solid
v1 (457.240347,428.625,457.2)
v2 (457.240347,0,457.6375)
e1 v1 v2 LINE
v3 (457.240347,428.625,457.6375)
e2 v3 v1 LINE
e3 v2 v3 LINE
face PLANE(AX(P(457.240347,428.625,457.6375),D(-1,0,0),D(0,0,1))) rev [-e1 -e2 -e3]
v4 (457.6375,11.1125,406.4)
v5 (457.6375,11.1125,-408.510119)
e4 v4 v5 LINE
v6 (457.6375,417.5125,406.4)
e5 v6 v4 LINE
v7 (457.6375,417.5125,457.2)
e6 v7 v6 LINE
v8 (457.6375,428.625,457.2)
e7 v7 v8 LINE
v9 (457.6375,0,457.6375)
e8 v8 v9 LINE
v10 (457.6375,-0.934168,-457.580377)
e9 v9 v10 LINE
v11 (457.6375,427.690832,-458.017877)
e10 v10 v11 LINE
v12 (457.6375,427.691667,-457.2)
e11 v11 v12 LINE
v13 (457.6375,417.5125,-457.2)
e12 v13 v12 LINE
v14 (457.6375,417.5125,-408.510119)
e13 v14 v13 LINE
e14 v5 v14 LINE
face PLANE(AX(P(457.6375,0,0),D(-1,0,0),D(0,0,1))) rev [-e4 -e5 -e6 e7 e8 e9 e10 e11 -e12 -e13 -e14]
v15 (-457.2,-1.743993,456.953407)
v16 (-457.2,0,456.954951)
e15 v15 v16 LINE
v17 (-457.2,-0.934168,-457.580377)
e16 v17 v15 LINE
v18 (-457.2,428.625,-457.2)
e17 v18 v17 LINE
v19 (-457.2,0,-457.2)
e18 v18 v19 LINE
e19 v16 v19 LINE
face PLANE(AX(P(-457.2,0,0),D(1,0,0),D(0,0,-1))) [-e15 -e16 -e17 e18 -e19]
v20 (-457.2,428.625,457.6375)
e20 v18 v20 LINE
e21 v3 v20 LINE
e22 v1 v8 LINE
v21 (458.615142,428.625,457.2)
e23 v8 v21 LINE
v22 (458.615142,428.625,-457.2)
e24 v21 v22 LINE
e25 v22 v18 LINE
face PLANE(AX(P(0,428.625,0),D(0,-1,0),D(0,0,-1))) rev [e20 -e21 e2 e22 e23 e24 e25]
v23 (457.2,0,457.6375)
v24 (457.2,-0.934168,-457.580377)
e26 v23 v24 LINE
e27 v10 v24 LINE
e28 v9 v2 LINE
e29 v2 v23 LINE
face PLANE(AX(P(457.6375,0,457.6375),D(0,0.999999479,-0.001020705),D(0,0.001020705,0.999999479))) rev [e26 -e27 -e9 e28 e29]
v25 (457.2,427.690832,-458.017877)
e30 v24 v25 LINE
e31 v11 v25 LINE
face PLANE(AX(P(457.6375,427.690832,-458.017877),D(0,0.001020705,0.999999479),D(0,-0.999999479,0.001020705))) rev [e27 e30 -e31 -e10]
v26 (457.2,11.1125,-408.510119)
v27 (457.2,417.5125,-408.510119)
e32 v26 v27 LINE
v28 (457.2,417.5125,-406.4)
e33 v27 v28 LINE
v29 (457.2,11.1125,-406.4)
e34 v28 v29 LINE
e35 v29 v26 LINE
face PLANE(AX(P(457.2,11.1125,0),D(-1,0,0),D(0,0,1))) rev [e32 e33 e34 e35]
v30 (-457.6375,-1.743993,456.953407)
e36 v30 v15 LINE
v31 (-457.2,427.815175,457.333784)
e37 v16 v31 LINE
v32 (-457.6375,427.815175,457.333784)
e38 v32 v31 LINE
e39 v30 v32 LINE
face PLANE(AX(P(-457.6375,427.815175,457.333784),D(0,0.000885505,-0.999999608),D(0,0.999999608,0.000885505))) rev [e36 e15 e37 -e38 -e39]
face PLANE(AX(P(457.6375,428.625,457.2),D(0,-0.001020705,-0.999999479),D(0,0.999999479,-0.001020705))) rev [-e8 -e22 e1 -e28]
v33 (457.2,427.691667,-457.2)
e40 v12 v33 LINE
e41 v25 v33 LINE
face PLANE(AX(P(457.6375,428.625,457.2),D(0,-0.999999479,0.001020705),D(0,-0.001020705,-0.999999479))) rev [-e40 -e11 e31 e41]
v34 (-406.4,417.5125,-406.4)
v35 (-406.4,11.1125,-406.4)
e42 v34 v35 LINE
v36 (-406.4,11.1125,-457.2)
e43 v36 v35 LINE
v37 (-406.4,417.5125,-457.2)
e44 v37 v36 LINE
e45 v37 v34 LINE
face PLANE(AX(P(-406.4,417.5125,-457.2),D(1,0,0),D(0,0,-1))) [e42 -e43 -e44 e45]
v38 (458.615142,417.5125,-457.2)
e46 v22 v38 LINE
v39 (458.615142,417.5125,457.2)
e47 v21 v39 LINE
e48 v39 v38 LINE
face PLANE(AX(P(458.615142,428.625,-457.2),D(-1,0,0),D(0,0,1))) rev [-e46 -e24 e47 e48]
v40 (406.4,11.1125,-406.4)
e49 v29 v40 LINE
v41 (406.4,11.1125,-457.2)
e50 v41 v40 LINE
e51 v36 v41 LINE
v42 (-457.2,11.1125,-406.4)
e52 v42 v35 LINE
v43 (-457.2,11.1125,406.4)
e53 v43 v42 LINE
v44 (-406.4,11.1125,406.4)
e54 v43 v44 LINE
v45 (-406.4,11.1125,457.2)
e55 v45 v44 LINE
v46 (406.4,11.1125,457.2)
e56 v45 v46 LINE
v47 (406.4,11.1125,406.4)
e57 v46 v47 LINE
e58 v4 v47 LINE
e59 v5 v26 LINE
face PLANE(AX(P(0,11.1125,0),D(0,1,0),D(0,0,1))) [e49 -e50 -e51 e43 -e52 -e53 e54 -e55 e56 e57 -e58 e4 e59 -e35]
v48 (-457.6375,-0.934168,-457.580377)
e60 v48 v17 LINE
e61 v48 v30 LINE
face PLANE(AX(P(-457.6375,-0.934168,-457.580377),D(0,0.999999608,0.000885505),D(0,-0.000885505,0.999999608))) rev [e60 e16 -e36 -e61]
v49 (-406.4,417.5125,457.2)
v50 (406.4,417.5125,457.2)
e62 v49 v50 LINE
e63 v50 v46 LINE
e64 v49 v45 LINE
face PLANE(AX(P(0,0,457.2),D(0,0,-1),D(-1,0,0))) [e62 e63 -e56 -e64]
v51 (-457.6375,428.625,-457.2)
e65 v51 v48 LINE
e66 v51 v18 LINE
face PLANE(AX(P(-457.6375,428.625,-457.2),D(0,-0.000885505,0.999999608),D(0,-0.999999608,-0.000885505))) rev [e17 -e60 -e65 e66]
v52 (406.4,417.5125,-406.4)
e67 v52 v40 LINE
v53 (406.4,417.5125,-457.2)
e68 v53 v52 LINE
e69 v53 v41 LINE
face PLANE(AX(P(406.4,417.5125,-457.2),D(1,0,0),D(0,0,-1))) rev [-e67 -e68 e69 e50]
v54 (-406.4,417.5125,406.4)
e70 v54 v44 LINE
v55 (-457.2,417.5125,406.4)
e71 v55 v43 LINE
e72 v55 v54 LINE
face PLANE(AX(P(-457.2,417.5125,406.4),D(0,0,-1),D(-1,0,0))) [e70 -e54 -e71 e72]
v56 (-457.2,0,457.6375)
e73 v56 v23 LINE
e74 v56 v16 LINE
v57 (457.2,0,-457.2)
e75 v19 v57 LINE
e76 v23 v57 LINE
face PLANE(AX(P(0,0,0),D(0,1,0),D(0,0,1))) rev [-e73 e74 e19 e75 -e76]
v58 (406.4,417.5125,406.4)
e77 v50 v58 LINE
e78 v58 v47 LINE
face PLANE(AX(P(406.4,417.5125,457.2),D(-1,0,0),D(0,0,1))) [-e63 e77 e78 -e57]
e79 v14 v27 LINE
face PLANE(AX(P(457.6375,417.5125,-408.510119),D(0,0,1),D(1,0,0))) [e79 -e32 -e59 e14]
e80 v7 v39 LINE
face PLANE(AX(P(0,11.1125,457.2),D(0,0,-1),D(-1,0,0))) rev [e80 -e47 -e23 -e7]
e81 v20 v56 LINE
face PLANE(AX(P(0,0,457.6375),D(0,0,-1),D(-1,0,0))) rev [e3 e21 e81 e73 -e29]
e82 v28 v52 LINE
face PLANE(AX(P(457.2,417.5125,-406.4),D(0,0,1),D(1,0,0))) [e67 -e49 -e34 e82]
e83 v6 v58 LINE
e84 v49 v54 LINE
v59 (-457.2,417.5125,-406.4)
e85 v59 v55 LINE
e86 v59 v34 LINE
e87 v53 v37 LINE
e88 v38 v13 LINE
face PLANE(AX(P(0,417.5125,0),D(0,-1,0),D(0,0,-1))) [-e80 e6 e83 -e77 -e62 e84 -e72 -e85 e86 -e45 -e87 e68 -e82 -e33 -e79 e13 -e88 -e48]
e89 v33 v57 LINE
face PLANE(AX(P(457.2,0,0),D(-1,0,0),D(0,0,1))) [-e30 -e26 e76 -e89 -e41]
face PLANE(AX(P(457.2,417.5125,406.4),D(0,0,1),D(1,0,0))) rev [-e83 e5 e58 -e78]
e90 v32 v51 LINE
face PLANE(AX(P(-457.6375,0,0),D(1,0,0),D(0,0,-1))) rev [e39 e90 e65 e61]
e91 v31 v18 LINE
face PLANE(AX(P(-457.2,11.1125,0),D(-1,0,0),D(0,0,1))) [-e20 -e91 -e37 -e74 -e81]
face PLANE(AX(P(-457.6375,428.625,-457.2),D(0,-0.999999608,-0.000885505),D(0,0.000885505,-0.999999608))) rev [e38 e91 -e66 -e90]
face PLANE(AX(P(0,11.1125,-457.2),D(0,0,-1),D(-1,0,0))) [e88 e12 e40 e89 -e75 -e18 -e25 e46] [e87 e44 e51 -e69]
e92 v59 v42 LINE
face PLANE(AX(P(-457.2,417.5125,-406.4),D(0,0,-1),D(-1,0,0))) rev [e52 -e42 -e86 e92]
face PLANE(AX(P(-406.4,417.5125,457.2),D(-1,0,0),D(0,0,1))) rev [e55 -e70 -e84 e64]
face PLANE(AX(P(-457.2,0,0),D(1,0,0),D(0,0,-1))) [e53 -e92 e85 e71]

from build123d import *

# Parameters (mm, degrees)
BOSS_EXTRUDE1_DEPTH  = 11.1125
SKETCH1_5_W          = 50.8
SKETCH1_5_H          = 50.8
BOSS_EXTRUDE3_DEPTH  = 417.5125
SKETCH1_6_W          = 50.8
SKETCH1_6_H          = 50.8
BOSS_EXTRUDE4_DEPTH  = 417.5125
SKETCH1_7_W          = 50.8
SKETCH1_7_H          = 50.8
BOSS_EXTRUDE5_DEPTH  = 417.5125
SKETCH1_8_W          = 50.8
SKETCH1_8_H          = 50.8
BOSS_EXTRUDE6_DEPTH  = 417.5125
SKETCH2_W            = 915.815141898
SKETCH2_H            = 914.4
BOSS_EXTRUDE8_DEPTH  = 11.1125
SKETCH3_W            = 914.440346881
SKETCH3_H            = 428.625
BOSS_EXTRUDE9_DEPTH  = 0.4375
SKETCH4_W            = 814.910119316
SKETCH4_H            = 406.4
BOSS_EXTRUDE13_DEPTH = 0.4375
BOSS_EXTRUDE21_DEPTH = 0.4375


with BuildPart() as part:
    # Sketch1 → Boss-Extrude1 (new body)
    with BuildSketch(Plane(origin=(0, 0, 0), x_dir=(1, 0, 0), z_dir=(0, 1, 0))):
        Polygon((-406.4, 406.4), (-457.2, 406.4), (-457.2, -406.4), (-406.4, -406.4), (-406.4, -457.2), (406.4, -457.2), (406.4, -406.4), (457.2, -406.4), (457.2, 406.4), (406.4, 406.4), (406.4, 457.2), (-406.4, 457.2), align=None)
    extrude(amount=BOSS_EXTRUDE1_DEPTH)

    # Sketch1<5> → Boss-Extrude3 (add)
    with BuildSketch(Plane(origin=(0, 0, 0), x_dir=(1, 0, 0), z_dir=(0, 1, 0))):
        with Locations((431.8, -431.8)):
            Rectangle(SKETCH1_5_W, SKETCH1_5_H)
    extrude(amount=BOSS_EXTRUDE3_DEPTH)

    # Sketch1<6> → Boss-Extrude4 (add)
    with BuildSketch(Plane(origin=(0, 0, 0), x_dir=(1, 0, 0), z_dir=(0, 1, 0))):
        with Locations((-431.8, -431.8)):
            Rectangle(SKETCH1_6_W, SKETCH1_6_H)
    extrude(amount=BOSS_EXTRUDE4_DEPTH)

    # Sketch1<7> → Boss-Extrude5 (add)
    with BuildSketch(Plane(origin=(0, 0, 0), x_dir=(1, 0, 0), z_dir=(0, 1, 0))):
        with Locations((431.8, 431.8)):
            Rectangle(SKETCH1_7_W, SKETCH1_7_H)
    extrude(amount=BOSS_EXTRUDE5_DEPTH)

    # Sketch1<8> → Boss-Extrude6 (add)
    with BuildSketch(Plane(origin=(0, 0, 0), x_dir=(1, 0, 0), z_dir=(0, 1, 0))):
        with Locations((-431.8, 431.8)):
            Rectangle(SKETCH1_8_W, SKETCH1_8_H)
    extrude(amount=BOSS_EXTRUDE6_DEPTH)

    # Sketch2 → Boss-Extrude8 (add)
    with BuildSketch(Plane(origin=(0, 417.5125, 0), x_dir=(1, 0, 0), z_dir=(0, 1, 0))):
        with Locations((0.707570949, 0)):
            Rectangle(SKETCH2_W, SKETCH2_H)
    extrude(amount=BOSS_EXTRUDE8_DEPTH)

    # Sketch3 → Boss-Extrude9 (add)
    with BuildSketch(Plane.XY.offset(457.2)):
        with Locations((0.020173441, 214.3125)):
            Rectangle(SKETCH3_W, SKETCH3_H)
    extrude(amount=BOSS_EXTRUDE9_DEPTH)

    # Sketch4 → Boss-Extrude13 (add)
    with BuildSketch(Plane(origin=(457.2, 0, 0), x_dir=(0, 0, -1), z_dir=(1, 0, 0))):
        Polygon((-457.2, 428.625), (-457.6375, 0), (457.580376967, -0.934168145), (458.017876967, 427.690831855), align=None)
        with Locations((1.055059658, 214.3125)):
            Rectangle(SKETCH4_W, SKETCH4_H, mode=Mode.SUBTRACT)
    extrude(amount=BOSS_EXTRUDE13_DEPTH)

    # Sketch10 → Boss-Extrude21 (add)
    with BuildSketch(Plane.ZY.offset(457.2)):
        Polygon((-457.2, 428.625), (-457.580376967, -0.934168145), (456.953407178, -1.743992758), (457.333784145, 427.815175387), align=None)
    extrude(amount=BOSS_EXTRUDE21_DEPTH)


solid = part.part
